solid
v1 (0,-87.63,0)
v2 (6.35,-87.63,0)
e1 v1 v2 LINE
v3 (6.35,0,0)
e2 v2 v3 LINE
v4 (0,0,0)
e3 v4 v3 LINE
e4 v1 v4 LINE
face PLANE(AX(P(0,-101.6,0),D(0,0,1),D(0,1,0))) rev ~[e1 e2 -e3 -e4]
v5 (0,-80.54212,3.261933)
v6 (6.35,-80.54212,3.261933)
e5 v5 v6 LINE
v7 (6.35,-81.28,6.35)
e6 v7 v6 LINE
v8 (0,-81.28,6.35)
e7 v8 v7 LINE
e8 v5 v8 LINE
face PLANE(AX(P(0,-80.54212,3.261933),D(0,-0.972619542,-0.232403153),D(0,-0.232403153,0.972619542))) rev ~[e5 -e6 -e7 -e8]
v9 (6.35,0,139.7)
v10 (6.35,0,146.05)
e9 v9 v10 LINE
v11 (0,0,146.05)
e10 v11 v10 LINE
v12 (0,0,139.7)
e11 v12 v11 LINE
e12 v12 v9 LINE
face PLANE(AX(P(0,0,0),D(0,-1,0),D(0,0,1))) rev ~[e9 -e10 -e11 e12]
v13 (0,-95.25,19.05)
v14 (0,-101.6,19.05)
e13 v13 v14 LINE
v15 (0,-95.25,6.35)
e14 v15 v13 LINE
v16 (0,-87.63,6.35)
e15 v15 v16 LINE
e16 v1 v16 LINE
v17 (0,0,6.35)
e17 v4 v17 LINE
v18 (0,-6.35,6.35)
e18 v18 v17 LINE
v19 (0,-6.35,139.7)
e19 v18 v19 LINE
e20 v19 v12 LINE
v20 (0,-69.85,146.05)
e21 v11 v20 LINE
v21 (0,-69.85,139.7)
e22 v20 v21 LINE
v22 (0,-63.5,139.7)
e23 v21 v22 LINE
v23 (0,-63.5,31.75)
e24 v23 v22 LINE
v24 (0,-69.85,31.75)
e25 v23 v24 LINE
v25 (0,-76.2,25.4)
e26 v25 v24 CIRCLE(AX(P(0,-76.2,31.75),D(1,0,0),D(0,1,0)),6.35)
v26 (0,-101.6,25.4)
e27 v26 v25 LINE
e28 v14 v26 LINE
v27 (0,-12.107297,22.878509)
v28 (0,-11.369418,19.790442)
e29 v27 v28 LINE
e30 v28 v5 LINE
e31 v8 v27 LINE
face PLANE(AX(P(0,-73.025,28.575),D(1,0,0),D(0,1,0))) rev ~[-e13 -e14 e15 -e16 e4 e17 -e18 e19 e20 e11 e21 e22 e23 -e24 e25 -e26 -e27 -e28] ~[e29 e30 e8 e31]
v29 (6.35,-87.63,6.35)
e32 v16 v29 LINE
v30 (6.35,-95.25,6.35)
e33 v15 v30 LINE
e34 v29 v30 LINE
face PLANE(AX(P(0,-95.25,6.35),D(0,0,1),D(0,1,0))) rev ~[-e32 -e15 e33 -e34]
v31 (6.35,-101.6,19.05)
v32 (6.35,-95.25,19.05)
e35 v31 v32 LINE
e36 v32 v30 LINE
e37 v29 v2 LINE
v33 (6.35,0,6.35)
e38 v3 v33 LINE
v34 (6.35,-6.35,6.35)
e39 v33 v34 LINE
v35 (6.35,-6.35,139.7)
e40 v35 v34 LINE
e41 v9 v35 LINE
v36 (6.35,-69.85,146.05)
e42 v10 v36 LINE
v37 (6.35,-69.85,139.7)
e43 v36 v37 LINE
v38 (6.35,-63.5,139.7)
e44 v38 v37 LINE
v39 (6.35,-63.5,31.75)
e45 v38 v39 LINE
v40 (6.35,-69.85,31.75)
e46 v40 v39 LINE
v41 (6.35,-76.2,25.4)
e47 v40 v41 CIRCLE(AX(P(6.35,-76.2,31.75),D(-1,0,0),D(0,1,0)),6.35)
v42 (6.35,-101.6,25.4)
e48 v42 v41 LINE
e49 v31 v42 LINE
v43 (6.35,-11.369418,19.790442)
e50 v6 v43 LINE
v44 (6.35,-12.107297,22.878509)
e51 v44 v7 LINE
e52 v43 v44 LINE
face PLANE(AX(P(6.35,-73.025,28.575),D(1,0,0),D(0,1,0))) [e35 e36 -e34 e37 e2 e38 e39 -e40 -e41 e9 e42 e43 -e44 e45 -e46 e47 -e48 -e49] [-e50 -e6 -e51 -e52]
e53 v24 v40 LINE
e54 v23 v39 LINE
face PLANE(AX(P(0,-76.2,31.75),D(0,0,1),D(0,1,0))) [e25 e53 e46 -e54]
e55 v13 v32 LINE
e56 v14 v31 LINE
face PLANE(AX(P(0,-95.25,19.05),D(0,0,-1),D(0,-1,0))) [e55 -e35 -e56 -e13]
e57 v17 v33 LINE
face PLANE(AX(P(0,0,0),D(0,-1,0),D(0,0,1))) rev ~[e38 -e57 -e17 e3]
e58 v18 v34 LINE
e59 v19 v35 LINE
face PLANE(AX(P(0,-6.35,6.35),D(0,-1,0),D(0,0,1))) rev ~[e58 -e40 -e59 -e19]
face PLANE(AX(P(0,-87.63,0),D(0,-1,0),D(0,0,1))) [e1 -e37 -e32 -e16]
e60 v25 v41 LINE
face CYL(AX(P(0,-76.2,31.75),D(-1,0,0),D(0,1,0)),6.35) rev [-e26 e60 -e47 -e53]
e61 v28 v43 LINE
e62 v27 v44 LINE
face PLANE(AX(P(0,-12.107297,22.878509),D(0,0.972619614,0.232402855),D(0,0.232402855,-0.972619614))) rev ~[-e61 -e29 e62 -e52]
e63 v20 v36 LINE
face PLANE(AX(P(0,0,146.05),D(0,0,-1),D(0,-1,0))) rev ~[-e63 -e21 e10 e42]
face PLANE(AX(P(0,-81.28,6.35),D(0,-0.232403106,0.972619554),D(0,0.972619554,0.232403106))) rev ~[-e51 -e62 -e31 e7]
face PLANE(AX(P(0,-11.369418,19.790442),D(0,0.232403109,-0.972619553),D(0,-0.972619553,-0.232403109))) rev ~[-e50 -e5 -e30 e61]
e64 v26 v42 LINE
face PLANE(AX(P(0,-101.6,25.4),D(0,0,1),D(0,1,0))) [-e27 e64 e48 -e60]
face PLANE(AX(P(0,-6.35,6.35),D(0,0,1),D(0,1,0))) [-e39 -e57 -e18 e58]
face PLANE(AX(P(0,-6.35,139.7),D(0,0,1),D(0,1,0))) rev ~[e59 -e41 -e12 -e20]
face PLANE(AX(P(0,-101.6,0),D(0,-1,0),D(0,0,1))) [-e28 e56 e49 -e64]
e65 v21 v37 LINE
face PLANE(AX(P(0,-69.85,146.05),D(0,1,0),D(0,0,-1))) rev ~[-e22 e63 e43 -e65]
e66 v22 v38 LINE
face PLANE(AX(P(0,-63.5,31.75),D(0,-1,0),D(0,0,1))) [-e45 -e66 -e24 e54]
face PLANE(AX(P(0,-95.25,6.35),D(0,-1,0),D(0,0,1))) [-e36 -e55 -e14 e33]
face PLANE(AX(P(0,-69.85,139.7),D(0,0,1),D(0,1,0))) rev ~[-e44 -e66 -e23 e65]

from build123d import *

# Parameters (mm, degrees)
F0_W      = 31.75
F0_H      = 25.4
F1_DEPTH  = 6.35
F2_W      = 6.35
F2_H      = 133.35
F3_DEPTH  = 12.446
F4_W      = 6.35
F4_H      = 107.95
F5_DEPTH  = 9.906
F6_W      = 7.62
F6_H      = 6.35
F7_DEPTH  = 10.668
F8_W      = 6.35
F8_H      = 6.35
F9_DEPTH  = 6.35
F10_R     = 6.35
F11_DEPTH = 8.9408
F13_DEPTH = 6.351


with BuildPart() as f1:
    # F0 (on Right) → F1 (new body)
    with BuildSketch(Plane.YZ):
        Polygon((-69.85, 0), (0, 0), (0, 146.05), (-69.85, 146.05), (-69.85, 25.4), align=None)
        with Locations((-85.725, 12.7)):
            Rectangle(F0_W, F0_H)
    extrude(amount=F1_DEPTH)

    # F2 (on Right) → F3 (cut)
    with BuildSketch(Plane.YZ):
        with Locations((-3.175, 73.025)):
            Rectangle(F2_W, F2_H)
    extrude(amount=F3_DEPTH, mode=Mode.SUBTRACT)

    # F4 (on Right) → F5 (cut)
    with BuildSketch(Plane.YZ):
        with Locations((-66.675, 85.725)):
            Rectangle(F4_W, F4_H)
    extrude(amount=F5_DEPTH, mode=Mode.SUBTRACT)

    # F6 (on Right) → F7 (cut)
    with BuildSketch(Plane.YZ):
        Polygon((-95.25, 19.05), (-101.6, 19.05), (-101.6, 0), (-95.25, 0), (-95.25, 6.35), align=None)
        with Locations((-91.44, 3.175)):
            Rectangle(F6_W, F6_H)
    extrude(amount=F7_DEPTH, mode=Mode.SUBTRACT)

    # F8 (on Right) → F9 (join)
    with BuildSketch(Plane.YZ):
        with Locations((-73.025, 28.575)):
            Rectangle(F8_W, F8_H)
    extrude(amount=F9_DEPTH)

    # F10 (on Right) → F11 (cut)
    with BuildSketch(Plane.YZ):
        with Locations((-76.2, 31.75)):
            Circle(F10_R)
    extrude(amount=F11_DEPTH, mode=Mode.SUBTRACT)

    # F12 (on face) → F13 (cut, through all)
    with BuildSketch(Plane(origin=(0, 0, 0), x_dir=(0, -1, 0), z_dir=(-1, 0, 0))):
        Polygon((80.54212, 3.261933), (81.28, 6.35), (12.107297, 22.878509), (11.369418, 19.790442), align=None)
    extrude(amount=-F13_DEPTH, mode=Mode.SUBTRACT)


solid = f1.part
